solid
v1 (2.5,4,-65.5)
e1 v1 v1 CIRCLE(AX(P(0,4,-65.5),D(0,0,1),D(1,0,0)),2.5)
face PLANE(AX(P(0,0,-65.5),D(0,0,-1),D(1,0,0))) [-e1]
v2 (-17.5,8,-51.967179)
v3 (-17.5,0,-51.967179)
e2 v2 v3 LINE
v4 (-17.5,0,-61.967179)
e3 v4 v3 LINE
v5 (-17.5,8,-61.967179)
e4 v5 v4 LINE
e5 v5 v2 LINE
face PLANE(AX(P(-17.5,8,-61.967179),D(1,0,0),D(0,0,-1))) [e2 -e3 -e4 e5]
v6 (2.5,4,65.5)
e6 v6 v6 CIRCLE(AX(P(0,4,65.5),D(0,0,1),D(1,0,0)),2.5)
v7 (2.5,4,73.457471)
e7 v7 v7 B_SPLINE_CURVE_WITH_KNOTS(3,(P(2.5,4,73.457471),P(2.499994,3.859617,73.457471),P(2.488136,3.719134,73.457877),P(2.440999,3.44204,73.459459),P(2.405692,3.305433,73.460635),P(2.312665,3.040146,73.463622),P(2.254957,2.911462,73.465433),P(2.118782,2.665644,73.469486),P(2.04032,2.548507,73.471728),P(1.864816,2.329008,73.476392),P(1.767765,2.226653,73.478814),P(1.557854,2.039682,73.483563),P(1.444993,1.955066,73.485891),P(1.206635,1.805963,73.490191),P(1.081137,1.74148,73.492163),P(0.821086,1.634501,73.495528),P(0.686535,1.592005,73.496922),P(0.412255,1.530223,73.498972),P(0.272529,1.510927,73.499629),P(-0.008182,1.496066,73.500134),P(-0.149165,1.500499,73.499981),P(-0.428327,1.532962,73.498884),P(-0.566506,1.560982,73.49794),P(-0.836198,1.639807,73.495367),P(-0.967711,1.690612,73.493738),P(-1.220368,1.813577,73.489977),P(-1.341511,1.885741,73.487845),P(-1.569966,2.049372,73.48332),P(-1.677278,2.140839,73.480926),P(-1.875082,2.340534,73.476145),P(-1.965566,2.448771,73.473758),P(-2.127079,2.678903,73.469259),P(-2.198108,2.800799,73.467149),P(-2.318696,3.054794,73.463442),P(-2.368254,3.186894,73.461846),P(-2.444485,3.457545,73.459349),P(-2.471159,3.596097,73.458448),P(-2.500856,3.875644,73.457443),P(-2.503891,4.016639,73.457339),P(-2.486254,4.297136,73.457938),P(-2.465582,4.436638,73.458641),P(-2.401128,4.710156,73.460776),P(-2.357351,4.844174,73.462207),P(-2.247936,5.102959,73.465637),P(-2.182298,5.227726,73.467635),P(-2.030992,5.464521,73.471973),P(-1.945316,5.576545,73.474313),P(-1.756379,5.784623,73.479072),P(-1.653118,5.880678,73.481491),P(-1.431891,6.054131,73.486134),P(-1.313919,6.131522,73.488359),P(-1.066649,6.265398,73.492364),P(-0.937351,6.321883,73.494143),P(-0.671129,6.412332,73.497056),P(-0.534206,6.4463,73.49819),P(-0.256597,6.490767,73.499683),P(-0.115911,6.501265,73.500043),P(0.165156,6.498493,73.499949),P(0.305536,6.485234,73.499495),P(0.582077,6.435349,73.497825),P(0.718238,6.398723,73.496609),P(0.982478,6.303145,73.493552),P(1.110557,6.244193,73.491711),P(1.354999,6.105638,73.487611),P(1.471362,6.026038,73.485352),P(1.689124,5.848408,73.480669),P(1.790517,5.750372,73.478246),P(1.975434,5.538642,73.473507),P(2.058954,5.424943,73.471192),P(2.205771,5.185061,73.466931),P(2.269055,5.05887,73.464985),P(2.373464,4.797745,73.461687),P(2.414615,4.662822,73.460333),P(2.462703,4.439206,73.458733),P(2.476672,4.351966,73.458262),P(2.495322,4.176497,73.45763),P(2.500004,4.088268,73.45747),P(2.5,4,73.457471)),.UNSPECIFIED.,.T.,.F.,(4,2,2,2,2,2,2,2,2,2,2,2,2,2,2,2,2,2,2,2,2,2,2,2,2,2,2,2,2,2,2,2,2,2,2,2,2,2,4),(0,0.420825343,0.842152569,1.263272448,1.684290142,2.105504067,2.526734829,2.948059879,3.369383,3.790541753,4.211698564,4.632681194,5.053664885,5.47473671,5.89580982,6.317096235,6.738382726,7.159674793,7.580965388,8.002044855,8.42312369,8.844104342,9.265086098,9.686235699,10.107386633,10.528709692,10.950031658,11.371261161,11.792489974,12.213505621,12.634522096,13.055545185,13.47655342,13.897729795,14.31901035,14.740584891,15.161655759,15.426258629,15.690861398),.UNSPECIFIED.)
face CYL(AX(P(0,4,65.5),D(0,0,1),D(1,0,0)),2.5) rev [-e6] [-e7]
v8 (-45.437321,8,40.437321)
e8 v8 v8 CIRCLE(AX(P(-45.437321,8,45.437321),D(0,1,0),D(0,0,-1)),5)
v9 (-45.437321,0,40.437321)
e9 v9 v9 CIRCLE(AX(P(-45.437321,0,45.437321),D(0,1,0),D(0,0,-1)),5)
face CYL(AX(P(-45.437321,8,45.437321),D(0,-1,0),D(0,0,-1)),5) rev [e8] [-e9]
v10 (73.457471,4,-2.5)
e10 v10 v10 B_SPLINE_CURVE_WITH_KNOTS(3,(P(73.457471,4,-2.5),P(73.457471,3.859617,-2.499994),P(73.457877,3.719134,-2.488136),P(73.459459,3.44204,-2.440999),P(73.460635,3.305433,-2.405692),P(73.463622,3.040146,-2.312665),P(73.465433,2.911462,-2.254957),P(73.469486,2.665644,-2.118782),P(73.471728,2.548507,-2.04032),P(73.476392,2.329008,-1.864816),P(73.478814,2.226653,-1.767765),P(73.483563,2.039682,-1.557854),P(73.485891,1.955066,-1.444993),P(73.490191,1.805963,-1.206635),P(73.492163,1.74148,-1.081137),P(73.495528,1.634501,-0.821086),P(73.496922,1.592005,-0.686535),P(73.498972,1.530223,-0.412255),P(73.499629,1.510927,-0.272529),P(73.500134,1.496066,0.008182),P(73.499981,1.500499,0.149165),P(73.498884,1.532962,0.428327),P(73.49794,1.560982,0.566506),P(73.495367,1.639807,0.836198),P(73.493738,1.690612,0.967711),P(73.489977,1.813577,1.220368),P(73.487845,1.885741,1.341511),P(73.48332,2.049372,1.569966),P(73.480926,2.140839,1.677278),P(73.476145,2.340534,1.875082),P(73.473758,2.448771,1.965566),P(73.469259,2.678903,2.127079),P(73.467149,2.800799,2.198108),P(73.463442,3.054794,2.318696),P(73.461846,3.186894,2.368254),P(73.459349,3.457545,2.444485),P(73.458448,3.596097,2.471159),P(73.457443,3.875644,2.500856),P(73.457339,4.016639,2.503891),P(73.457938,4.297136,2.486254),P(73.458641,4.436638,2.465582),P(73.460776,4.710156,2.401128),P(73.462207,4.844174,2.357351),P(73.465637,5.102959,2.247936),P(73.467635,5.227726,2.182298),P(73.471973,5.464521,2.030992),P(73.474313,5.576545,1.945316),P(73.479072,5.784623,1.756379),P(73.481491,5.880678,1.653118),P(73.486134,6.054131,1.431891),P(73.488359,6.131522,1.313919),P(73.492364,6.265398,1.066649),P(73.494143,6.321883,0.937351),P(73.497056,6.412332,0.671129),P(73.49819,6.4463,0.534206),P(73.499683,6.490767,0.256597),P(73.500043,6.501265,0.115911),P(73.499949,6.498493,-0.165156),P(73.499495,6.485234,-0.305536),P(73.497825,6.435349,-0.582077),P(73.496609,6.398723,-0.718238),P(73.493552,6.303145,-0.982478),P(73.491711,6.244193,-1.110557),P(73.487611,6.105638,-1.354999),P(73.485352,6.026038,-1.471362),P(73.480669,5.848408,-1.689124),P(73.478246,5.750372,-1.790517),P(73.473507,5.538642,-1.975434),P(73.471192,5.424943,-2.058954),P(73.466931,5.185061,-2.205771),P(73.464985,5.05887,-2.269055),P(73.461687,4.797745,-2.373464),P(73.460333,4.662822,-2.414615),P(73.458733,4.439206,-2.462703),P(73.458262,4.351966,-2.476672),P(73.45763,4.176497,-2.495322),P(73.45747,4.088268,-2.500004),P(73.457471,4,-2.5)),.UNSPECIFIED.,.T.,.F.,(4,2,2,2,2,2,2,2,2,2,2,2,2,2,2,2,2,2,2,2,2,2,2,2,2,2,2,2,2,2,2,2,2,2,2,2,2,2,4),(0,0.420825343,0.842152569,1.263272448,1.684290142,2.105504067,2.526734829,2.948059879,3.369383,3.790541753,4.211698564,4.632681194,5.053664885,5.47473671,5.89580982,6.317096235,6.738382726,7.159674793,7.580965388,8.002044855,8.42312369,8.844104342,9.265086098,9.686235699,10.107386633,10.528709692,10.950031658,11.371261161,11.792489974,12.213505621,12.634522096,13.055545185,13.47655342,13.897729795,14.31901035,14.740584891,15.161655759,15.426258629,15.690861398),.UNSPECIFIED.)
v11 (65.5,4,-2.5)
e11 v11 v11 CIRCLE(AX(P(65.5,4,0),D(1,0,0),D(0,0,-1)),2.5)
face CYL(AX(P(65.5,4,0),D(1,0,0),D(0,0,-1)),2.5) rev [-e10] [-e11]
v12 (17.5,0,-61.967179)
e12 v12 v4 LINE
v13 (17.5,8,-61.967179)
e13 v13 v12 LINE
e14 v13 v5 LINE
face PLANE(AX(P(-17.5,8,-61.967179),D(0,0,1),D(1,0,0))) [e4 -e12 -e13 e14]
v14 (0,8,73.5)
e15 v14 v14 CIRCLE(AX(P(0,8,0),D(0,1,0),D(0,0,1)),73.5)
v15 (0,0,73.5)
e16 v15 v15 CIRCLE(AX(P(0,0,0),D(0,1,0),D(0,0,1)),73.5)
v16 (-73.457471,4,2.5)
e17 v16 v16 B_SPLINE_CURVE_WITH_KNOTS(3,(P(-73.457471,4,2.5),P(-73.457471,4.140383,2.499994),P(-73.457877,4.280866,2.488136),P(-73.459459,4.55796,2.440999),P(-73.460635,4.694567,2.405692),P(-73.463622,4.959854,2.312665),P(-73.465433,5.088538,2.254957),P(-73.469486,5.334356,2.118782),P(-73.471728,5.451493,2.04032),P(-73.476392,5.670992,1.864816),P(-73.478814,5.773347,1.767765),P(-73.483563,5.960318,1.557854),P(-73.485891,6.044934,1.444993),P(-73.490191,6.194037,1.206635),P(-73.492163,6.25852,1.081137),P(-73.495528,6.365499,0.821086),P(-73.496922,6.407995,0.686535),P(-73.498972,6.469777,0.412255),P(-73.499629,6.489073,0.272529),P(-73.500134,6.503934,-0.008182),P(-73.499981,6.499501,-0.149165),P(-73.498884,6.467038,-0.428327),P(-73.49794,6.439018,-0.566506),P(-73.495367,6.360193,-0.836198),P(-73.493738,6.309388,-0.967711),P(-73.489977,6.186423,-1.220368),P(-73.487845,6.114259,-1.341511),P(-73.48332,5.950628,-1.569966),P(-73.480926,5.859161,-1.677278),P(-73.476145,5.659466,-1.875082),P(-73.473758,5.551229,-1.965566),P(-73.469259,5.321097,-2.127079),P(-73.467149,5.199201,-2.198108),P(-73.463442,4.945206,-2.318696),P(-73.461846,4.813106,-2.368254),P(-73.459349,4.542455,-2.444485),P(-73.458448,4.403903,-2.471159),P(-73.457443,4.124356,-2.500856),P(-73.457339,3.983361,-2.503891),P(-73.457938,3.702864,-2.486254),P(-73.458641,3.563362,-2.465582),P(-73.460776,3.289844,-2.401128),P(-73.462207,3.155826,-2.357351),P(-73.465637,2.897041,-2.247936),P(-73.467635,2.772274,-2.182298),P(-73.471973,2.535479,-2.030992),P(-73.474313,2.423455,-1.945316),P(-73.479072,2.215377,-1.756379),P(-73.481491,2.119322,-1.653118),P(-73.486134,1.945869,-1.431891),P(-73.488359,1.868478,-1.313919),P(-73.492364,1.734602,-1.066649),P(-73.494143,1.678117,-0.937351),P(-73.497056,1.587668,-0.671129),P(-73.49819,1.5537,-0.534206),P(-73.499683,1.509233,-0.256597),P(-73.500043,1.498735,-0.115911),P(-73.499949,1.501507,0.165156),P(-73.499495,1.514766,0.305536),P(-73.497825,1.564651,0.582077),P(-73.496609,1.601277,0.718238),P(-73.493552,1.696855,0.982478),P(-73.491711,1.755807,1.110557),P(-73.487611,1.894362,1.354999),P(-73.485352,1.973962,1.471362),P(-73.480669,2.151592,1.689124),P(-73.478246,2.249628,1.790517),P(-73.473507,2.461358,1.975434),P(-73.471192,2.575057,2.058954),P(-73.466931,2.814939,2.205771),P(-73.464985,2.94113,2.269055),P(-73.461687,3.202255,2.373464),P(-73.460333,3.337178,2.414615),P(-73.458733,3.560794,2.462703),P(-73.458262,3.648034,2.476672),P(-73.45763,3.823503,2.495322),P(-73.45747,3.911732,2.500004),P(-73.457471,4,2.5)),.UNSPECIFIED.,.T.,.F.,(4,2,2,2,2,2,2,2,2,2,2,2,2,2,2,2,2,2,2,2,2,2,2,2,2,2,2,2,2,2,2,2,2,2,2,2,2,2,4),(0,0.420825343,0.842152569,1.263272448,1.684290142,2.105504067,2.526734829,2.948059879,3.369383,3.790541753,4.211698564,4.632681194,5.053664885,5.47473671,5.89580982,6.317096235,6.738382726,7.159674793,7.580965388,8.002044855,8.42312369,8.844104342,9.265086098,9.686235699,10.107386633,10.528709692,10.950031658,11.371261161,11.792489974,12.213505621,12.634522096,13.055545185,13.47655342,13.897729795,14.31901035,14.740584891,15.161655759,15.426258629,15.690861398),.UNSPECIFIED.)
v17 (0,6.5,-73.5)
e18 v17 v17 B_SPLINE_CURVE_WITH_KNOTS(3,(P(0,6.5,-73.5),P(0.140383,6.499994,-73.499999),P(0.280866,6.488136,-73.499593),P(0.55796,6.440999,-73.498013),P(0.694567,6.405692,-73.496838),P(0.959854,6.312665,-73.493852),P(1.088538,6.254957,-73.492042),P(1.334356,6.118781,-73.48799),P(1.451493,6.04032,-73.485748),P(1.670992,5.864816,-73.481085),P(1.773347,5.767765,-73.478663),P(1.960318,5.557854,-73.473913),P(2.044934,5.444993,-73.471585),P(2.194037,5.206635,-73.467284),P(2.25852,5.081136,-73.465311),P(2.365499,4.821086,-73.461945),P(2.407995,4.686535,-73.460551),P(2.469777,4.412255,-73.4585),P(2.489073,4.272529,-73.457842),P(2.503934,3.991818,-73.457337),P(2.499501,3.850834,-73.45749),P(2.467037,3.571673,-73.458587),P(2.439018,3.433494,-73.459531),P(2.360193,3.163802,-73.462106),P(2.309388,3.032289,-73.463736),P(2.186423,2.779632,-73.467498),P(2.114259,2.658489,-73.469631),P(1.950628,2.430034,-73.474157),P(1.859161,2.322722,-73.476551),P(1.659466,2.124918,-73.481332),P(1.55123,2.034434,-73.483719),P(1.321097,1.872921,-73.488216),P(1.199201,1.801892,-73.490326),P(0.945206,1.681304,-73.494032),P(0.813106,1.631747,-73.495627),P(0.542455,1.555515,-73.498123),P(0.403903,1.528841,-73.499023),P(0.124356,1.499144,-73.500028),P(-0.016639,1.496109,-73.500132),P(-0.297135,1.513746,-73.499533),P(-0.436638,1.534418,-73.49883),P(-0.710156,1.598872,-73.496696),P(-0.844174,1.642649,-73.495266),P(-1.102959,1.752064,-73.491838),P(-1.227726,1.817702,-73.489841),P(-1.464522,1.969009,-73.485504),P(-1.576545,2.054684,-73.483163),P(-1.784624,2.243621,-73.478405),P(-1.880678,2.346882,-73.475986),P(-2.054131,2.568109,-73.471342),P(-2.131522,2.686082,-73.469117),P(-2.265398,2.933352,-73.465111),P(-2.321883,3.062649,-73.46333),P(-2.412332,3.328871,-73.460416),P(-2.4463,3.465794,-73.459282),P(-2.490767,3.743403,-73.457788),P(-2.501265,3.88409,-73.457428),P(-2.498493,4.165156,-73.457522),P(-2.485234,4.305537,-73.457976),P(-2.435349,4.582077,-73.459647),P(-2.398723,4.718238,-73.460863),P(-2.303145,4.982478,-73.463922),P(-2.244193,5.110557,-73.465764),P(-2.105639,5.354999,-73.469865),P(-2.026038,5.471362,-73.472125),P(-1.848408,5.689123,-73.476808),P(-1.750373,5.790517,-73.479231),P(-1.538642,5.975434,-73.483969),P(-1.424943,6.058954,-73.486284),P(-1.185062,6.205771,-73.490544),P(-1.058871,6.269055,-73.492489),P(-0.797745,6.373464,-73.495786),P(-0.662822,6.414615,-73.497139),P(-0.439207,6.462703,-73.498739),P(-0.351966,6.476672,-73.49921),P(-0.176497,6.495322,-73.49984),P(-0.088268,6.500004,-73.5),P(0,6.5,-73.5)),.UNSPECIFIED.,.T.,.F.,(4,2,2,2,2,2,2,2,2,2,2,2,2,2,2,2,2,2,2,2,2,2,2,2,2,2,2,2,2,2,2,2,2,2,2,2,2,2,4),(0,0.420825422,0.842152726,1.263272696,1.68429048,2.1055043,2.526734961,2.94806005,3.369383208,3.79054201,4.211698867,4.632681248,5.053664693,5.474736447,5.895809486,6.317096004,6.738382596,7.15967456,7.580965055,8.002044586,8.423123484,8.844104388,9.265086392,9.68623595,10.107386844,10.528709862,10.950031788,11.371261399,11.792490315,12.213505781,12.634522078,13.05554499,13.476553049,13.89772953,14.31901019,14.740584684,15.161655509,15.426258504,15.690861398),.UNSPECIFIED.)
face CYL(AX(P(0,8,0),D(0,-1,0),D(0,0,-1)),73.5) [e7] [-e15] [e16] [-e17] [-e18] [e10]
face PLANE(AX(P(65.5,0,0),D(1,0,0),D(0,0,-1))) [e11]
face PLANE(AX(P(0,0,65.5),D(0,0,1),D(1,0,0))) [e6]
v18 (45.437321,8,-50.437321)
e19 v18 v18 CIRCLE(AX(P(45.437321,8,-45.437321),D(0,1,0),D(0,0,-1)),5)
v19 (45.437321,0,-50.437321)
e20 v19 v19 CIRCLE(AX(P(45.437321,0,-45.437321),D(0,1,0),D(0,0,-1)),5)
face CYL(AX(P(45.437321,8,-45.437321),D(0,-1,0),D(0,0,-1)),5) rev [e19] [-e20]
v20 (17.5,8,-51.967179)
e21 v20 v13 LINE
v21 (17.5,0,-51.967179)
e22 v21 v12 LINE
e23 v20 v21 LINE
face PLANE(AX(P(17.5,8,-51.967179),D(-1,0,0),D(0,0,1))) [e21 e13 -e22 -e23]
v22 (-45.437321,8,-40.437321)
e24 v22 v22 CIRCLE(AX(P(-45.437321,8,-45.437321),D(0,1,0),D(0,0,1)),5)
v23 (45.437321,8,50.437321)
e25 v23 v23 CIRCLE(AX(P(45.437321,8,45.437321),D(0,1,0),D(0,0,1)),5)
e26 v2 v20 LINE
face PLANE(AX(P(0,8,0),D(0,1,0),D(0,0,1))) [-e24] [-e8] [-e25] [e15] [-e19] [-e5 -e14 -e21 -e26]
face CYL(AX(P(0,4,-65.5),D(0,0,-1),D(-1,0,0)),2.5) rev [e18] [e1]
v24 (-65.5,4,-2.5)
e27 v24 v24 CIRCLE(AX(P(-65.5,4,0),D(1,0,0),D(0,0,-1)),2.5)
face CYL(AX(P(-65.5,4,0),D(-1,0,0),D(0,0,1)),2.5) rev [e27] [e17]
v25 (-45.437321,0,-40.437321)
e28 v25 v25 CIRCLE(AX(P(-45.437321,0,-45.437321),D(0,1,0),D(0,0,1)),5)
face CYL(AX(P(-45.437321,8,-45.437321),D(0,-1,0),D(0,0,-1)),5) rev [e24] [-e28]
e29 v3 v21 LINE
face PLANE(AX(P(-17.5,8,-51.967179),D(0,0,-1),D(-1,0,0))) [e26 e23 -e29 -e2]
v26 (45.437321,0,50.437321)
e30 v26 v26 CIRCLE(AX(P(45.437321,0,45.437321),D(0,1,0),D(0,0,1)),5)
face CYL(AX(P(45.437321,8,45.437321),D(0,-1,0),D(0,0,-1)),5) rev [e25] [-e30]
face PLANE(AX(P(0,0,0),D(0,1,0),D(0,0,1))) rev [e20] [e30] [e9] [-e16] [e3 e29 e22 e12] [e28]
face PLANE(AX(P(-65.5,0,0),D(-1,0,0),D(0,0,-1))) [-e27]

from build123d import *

# Parameters (mm, degrees)
SKETCH_1_R          = 73.5
SKETCH_1_R_2        = 5
SKETCH_1_W          = 35
SKETCH_1_H          = 10
EXTRUDE_1_DEPTH     = 8
CUT_EXTRUDE_1_DEPTH = 8
CUT_EXTRUDE_3_DEPTH = 8


with BuildPart() as part:
    # 草图1 → 凸台-拉伸1 (new body)
    with BuildSketch(Plane(origin=(0, 0, 0), x_dir=(1, 0, 0), z_dir=(0, 1, 0))):
        with Locations(Location((0, 0, 0), (0, 0, 270))):
            Circle(SKETCH_1_R)
        with Locations(Location((-45.437321384, 45.437321385, 0), (0, 0, 270))):
            Circle(SKETCH_1_R_2, mode=Mode.SUBTRACT)
        with Locations(Location((-45.437321384, -45.437321385, 0), (0, 0, 90))):
            Circle(SKETCH_1_R_2, mode=Mode.SUBTRACT)
        with Locations(Location((45.437321384, 45.437321385, 0), (0, 0, 90))):
            Circle(SKETCH_1_R_2, mode=Mode.SUBTRACT)
        with Locations(Location((45.437321384, -45.437321385, 0), (0, 0, 270))):
            Circle(SKETCH_1_R_2, mode=Mode.SUBTRACT)
        with Locations((0, 56.967179039)):
            Rectangle(SKETCH_1_W, SKETCH_1_H, mode=Mode.SUBTRACT)
    extrude(amount=EXTRUDE_1_DEPTH)

    # 草图2 → 切除-拉伸1 (cut)
    with BuildSketch(Plane.XY.offset(73.5)):
        with BuildLine():
            ThreePointArc((0, 6.5), (-2.5, 4), (0, 1.5))
            Line((0, 1.5), (0, 6.5))
        make_face()
        with BuildLine():
            Line((0, 6.5), (0, 1.5))
            ThreePointArc((0, 1.5), (1.767766953, 2.232233047), (2.5, 4))
            ThreePointArc((2.5, 4), (1.767766953, 5.767766953), (0, 6.5))
        make_face()
    cut_extrude_1 = extrude(amount=-CUT_EXTRUDE_1_DEPTH, mode=Mode.SUBTRACT)

    # 镜向1: 切除-拉伸1 across plane
    add(cut_extrude_1.mirror(Plane.XY), mode=Mode.SUBTRACT)

    # 草图3 → 切除-拉伸3 (cut)
    with BuildSketch(Plane(origin=(73.5, 0, 0), x_dir=(0, 0, -1), z_dir=(1, 0, 0))):
        with BuildLine():
            ThreePointArc((0, 6.5), (-2.5, 4), (0, 1.5))
            Line((0, 1.5), (0, 6.5))
        make_face()
        with BuildLine():
            Line((0, 6.5), (0, 1.5))
            ThreePointArc((0, 1.5), (1.767766953, 2.232233047), (2.5, 4))
            ThreePointArc((2.5, 4), (1.767766953, 5.767766953), (0, 6.5))
        make_face()
    cut_extrude_3 = extrude(amount=-CUT_EXTRUDE_3_DEPTH, mode=Mode.SUBTRACT)

    # 镜向2: 切除-拉伸3 across plane
    add(cut_extrude_3.mirror(Plane(origin=(0, 0, 0), x_dir=(0, 0, 1), z_dir=(1, 0, 0))), mode=Mode.SUBTRACT)


solid = part.part
